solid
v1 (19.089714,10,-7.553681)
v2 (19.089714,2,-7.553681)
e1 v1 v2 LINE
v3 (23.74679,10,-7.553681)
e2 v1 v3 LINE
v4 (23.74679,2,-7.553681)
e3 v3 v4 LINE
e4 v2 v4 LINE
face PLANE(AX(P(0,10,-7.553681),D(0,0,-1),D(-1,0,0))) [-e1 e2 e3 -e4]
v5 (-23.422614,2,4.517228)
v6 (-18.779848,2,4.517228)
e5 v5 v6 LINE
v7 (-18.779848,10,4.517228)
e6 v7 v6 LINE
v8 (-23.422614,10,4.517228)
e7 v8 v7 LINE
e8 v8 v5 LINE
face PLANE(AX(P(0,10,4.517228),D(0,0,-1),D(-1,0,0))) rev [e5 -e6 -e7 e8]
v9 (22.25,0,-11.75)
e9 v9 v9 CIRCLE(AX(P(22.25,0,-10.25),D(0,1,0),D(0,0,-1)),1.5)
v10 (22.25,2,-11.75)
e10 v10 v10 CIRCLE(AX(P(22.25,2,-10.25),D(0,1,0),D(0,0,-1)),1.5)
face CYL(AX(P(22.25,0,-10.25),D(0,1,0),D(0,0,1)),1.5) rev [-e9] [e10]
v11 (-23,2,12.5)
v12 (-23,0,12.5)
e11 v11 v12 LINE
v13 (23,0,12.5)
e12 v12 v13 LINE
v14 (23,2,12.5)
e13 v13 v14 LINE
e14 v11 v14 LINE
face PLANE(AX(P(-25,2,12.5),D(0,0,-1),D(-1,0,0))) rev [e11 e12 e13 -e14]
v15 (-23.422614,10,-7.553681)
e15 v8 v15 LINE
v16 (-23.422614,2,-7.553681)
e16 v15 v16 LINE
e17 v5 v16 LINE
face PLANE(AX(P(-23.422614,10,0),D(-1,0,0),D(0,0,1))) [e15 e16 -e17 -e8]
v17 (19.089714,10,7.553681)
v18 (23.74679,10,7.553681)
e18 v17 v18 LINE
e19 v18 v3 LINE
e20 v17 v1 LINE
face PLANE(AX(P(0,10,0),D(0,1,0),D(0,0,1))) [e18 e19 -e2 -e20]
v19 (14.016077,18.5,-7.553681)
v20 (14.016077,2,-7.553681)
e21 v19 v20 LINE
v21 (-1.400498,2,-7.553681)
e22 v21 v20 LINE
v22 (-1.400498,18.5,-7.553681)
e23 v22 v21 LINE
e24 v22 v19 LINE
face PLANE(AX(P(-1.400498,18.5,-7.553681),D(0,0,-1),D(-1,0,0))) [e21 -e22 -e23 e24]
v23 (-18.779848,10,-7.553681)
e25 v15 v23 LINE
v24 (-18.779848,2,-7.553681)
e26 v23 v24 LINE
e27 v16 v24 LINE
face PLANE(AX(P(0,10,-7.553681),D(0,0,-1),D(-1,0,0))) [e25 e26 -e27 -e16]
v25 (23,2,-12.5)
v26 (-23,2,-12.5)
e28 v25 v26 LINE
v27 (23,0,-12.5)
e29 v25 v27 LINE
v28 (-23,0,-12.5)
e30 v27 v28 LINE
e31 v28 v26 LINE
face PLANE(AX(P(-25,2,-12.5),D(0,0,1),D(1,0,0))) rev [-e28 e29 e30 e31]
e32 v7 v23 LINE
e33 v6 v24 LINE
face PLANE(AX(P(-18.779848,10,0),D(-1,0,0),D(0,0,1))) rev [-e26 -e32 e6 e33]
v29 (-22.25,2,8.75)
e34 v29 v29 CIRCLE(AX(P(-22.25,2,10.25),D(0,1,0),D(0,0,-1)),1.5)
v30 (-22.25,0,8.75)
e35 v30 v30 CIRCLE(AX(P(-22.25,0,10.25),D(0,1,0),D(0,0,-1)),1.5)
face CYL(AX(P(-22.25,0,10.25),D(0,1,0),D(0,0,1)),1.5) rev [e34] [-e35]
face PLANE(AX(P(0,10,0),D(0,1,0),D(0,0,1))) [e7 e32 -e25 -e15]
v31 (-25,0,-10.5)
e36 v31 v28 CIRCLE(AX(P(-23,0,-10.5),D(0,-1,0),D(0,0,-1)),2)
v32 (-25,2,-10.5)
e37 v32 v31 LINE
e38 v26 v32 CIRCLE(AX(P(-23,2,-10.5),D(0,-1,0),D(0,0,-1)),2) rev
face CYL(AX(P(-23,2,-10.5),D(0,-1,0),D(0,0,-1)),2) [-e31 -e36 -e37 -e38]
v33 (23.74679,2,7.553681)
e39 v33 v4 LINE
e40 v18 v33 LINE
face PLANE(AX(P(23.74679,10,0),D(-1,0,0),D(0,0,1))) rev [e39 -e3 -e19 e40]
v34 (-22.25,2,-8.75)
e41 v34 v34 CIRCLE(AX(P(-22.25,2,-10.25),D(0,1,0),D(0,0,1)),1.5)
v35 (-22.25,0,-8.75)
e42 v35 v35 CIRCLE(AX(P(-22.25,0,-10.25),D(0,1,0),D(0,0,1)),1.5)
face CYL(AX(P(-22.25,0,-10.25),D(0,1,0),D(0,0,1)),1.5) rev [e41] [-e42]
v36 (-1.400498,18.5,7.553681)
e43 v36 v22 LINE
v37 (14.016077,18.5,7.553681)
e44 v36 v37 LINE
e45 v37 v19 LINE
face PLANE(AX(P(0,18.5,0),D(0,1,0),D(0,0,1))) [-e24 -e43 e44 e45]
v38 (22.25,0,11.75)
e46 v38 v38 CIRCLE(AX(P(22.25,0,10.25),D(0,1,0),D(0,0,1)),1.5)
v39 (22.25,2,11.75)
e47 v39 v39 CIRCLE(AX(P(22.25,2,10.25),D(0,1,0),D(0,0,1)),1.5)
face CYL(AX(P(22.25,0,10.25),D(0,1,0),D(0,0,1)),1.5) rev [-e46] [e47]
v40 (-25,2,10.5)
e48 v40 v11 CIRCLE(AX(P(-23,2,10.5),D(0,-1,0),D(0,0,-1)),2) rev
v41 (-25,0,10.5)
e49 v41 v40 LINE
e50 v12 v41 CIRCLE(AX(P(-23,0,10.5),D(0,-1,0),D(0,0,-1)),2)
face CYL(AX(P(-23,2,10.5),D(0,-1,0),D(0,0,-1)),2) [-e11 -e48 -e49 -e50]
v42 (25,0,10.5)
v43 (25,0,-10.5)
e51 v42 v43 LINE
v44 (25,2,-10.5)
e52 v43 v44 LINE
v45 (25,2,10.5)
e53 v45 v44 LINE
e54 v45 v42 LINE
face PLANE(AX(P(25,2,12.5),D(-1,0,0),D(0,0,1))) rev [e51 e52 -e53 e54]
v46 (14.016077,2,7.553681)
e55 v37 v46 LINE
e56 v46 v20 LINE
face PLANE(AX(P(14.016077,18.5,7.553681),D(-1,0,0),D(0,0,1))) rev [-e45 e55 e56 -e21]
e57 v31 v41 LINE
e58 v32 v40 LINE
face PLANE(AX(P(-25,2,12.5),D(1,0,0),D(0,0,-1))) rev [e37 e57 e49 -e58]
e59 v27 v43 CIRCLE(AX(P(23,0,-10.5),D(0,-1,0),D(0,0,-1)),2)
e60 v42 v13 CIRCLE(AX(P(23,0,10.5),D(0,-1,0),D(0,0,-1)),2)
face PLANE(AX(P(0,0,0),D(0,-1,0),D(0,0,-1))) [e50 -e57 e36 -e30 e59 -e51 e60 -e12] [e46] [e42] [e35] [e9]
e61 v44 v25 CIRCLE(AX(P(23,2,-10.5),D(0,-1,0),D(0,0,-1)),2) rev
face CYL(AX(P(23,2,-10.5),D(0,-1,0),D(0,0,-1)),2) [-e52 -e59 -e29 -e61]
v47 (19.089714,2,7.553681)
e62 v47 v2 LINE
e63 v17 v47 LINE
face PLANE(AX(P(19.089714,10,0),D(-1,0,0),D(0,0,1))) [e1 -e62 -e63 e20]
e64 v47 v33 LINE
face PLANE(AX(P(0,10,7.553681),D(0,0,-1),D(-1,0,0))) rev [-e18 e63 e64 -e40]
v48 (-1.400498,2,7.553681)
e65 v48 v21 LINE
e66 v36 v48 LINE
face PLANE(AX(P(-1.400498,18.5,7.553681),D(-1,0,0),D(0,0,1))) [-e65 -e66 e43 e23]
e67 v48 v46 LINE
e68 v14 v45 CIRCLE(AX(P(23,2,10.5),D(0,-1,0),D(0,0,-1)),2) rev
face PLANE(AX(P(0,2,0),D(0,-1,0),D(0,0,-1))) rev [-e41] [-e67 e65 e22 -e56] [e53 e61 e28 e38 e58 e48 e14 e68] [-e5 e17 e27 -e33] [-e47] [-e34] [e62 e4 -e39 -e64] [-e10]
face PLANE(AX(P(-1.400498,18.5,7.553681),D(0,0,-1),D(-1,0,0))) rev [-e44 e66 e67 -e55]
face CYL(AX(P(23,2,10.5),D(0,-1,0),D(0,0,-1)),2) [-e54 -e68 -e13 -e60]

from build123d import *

# Parameters (mm, degrees)
SKETCH_1_W          = 50
SKETCH_1_H          = 25
EXTRUDE_1_DEPTH     = 2
SKETCH_2_W          = 15.416574513
SKETCH_2_H          = 15.10736158
EXTRUDE_2_DEPTH     = 16.5
SKETCH_2_6_W        = 4.657076635
SKETCH_2_6_H        = 15.10736158
SKETCH_2_6_W_2      = 4.64276656
SKETCH_2_6_H_2      = 12.070908618
EXTRUDE_3_DEPTH     = 8
SKETCH_3_R          = 1.5
CUT_EXTRUDE_1_DEPTH = 33.457664734
FILLET_1_R          = 2


with BuildPart() as part:
    # 草图1 → 凸台-拉伸1 (new body)
    with BuildSketch(Plane(origin=(0, 0, 0), x_dir=(1, 0, 0), z_dir=(0, 1, 0))):
        Rectangle(SKETCH_1_W, SKETCH_1_H)
    extrude(amount=EXTRUDE_1_DEPTH)

    # 草图2 → 凸台-拉伸2 (add)
    with BuildSketch(Plane(origin=(0, 2, 0), x_dir=(1, 0, 0), z_dir=(0, 1, 0))):
        with Locations((6.307789338, 0)):
            Rectangle(SKETCH_2_W, SKETCH_2_H)
    extrude(amount=EXTRUDE_2_DEPTH)

    # 草图2<6> → 凸台-拉伸3 (add)
    with BuildSketch(Plane(origin=(0, 2, 0), x_dir=(1, 0, 0), z_dir=(0, 1, 0))):
        with Locations((21.418251887, 0)):
            Rectangle(SKETCH_2_6_W, SKETCH_2_6_H)
        with Locations((-21.10123104, 1.518226481)):
            Rectangle(SKETCH_2_6_W_2, SKETCH_2_6_H_2)
    extrude(amount=EXTRUDE_3_DEPTH)

    # 草图3 → 切除-拉伸1 (cut, through all)
    with BuildSketch(Plane(origin=(0, 2, 0), x_dir=(1, 0, 0), z_dir=(0, 1, 0))):
        with Locations((-22.25, 10.25)):
            Circle(SKETCH_3_R)
        with Locations((22.25, 10.25)):
            Circle(SKETCH_3_R)
        with Locations((22.25, -10.25)):
            Circle(SKETCH_3_R)
        with Locations((-22.25, -10.25)):
            Circle(SKETCH_3_R)
    extrude(amount=-CUT_EXTRUDE_1_DEPTH, mode=Mode.SUBTRACT)

    # 圆角1
    fillet_1_edges = [part.edges().sort_by_distance(p)[0] for p in [
        (25, 1, -12.5),
        (25, 1, 12.5),
        (-25, 1, 12.5),
        (-25, 1, -12.5),
    ]]
    fillet(fillet_1_edges, radius=FILLET_1_R)


solid = part.part
